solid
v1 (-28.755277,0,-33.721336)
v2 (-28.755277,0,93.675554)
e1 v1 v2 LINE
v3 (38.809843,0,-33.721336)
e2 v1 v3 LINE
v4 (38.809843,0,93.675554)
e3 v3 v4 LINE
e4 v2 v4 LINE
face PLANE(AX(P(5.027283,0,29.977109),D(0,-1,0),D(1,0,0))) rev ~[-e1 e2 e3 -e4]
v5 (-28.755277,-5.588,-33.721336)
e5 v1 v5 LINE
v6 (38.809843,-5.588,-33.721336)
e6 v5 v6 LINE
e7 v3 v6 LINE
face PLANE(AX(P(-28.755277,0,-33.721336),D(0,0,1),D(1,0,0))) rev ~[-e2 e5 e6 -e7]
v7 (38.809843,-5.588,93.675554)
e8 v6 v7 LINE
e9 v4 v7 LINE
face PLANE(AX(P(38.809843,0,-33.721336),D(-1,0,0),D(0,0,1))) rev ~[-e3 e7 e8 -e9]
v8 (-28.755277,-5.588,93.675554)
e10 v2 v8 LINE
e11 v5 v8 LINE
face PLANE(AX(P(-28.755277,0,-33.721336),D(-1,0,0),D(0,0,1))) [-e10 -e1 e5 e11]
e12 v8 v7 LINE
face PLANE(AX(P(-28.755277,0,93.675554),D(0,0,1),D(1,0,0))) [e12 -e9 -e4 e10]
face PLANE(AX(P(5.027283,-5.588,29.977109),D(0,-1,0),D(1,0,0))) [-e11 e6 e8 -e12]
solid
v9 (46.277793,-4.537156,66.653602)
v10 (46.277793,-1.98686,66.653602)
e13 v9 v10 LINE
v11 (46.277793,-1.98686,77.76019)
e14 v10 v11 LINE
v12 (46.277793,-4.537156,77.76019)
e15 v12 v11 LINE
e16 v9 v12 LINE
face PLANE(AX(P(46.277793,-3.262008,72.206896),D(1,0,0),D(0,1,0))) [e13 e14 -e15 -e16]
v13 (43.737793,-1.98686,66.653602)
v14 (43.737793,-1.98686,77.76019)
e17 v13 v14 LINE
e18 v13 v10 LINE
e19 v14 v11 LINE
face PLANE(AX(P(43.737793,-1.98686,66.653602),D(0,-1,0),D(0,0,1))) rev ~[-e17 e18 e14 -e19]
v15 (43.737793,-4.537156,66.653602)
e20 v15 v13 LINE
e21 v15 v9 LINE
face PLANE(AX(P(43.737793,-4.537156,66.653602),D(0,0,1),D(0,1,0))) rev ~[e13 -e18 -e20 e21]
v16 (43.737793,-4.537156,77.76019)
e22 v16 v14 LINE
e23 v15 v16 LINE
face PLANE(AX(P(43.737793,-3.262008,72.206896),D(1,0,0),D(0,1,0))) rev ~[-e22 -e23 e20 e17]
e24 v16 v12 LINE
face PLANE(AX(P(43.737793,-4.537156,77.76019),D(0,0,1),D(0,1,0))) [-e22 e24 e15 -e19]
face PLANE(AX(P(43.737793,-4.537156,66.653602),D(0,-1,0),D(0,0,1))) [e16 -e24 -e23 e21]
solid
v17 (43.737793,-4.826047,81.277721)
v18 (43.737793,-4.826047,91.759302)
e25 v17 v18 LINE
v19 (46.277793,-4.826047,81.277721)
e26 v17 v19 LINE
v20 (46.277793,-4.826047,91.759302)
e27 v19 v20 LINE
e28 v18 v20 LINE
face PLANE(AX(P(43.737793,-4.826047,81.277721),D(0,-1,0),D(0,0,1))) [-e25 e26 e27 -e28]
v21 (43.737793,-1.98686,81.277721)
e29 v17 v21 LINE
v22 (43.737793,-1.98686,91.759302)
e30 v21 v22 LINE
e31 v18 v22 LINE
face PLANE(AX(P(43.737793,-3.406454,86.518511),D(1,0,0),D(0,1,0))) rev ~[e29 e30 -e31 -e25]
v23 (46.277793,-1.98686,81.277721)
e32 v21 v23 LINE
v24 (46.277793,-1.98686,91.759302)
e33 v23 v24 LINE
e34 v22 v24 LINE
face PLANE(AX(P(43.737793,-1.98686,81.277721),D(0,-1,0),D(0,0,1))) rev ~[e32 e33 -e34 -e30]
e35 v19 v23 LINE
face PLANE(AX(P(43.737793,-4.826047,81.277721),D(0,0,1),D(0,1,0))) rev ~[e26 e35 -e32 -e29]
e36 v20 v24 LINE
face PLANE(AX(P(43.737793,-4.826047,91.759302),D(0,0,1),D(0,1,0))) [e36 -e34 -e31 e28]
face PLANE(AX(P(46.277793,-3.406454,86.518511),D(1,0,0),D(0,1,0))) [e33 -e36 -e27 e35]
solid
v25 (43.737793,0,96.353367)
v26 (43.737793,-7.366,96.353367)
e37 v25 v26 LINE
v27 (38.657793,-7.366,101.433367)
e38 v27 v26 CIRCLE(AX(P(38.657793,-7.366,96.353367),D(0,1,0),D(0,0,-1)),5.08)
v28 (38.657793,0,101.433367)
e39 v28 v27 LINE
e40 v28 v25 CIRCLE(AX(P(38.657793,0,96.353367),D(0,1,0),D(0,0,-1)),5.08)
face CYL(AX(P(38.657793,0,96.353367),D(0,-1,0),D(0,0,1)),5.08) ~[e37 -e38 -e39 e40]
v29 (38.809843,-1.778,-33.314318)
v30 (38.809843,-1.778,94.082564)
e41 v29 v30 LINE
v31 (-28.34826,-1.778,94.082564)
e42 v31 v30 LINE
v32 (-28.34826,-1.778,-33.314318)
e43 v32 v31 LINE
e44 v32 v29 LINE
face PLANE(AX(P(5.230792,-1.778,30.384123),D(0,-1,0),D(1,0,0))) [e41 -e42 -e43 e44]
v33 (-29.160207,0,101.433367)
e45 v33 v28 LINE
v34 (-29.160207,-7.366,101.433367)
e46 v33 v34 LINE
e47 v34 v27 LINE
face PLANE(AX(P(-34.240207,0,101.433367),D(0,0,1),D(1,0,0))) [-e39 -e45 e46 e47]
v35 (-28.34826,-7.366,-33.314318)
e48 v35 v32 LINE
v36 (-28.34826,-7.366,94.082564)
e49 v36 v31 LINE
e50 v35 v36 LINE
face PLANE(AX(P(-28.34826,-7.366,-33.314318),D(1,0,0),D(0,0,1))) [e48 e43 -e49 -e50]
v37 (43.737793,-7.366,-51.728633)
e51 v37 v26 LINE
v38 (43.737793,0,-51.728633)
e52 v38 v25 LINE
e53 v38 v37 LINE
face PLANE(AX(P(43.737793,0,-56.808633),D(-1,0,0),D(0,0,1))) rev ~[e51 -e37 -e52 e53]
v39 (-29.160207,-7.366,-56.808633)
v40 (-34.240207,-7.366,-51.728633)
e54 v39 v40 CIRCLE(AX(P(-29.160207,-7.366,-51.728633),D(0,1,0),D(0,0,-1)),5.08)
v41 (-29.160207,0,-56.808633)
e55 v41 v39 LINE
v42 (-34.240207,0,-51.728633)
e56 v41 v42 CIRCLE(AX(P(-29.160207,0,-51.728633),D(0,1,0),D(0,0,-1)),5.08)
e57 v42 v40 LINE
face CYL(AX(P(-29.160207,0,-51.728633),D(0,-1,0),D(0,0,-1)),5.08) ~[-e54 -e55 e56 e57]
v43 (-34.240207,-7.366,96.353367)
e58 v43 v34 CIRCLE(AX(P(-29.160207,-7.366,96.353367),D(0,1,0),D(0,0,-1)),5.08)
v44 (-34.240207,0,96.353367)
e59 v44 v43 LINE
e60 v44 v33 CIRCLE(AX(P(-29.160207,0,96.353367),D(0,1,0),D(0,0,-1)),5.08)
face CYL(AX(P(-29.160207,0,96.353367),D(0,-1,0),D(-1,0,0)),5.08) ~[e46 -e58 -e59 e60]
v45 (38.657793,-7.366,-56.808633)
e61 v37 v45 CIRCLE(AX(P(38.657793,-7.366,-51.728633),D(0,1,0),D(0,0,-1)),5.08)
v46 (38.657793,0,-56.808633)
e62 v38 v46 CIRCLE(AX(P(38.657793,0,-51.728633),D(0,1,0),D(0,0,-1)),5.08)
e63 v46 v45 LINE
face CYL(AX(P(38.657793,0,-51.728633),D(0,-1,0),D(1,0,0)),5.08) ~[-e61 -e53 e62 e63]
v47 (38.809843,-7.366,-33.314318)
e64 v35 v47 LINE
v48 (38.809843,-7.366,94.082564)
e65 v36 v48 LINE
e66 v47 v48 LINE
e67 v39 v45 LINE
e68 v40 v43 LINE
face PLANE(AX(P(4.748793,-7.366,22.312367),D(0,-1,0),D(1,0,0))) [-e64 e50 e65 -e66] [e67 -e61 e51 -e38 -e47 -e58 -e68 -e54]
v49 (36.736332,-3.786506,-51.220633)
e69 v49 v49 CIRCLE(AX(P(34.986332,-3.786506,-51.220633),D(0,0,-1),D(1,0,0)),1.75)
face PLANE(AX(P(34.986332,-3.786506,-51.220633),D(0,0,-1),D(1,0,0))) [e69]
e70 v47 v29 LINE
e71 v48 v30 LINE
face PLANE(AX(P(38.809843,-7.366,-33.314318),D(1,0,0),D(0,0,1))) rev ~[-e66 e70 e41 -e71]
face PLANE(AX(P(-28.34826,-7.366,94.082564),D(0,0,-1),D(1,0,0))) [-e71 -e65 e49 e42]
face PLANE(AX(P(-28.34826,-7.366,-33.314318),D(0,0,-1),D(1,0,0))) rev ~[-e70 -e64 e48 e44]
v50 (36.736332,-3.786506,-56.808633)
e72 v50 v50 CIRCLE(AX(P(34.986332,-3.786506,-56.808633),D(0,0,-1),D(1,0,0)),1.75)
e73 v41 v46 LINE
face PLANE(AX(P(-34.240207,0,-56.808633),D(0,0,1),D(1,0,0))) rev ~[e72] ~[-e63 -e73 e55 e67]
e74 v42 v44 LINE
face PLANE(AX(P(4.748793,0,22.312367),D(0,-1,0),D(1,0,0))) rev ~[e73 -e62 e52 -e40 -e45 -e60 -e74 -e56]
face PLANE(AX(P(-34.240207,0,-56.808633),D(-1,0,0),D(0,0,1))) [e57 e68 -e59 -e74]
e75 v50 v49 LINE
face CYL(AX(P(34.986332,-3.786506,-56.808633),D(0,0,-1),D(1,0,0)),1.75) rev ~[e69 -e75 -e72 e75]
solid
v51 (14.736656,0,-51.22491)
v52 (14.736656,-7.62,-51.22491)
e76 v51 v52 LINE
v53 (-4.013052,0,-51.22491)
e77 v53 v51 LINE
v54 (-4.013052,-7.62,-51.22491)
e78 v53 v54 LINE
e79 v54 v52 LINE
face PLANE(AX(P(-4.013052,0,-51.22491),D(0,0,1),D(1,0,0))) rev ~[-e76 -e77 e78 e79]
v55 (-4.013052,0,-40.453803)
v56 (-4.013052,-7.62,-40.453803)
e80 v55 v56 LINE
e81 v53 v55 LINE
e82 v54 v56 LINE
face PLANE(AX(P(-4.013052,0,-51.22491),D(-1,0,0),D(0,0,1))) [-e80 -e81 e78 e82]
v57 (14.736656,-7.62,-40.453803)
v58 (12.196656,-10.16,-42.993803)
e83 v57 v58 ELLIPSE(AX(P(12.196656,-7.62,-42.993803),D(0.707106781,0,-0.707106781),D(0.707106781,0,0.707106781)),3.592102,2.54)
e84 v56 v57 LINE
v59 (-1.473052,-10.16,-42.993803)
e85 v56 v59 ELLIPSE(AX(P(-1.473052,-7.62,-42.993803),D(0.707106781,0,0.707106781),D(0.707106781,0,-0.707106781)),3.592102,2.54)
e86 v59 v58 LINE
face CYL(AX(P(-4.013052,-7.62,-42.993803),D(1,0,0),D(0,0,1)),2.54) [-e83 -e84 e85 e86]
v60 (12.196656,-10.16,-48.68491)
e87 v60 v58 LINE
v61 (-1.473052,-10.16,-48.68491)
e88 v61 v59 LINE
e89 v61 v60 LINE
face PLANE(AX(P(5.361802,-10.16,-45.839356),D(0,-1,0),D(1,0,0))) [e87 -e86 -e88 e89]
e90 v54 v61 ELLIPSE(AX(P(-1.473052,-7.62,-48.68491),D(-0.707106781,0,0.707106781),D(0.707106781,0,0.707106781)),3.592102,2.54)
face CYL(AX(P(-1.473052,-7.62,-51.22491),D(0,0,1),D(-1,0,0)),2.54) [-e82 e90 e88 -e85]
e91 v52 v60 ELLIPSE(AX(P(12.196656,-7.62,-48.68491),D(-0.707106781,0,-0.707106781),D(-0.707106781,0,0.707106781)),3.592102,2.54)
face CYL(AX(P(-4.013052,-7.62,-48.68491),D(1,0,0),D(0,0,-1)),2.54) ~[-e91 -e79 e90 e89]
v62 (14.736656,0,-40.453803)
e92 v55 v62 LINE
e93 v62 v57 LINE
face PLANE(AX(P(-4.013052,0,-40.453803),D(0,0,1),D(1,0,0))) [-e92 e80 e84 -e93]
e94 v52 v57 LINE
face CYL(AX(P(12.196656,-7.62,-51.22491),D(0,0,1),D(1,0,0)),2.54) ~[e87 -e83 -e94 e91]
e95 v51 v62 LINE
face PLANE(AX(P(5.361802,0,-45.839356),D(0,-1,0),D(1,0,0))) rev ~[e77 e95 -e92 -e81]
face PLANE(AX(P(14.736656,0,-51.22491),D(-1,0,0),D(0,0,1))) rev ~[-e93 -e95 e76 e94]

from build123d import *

# Parameters (mm, degrees)
F0_W      = 77.978
F0_H      = 158.242
F1_DEPTH  = 7.366
F2_W      = 67.158103
F2_H      = 127.396881
F3_DEPTH  = 5.588
F4_W      = 67.56512
F4_H      = 127.396889
F5_DEPTH  = 5.588
F6_R      = 5.08
F7_R      = 5.08
F8_R      = 5.08
F9_R      = 5.08
F10_R     = 1.75
F11_DEPTH = 5.588
F12_W     = 2.839187
F12_H     = 10.481581
F12_W_2   = 2.550296
F12_H_2   = 11.106588
F13_DEPTH = 2.54
F14_W     = 18.749708
F14_H     = 10.771107
F15_DEPTH = 10.16
F16_R     = 2.54


with BuildPart() as f1:
    # F0 (on Front) → F1 (new body)
    with BuildSketch(Plane.XZ):
        with Locations((4.748793, 22.312367)):
            Rectangle(F0_W, F0_H)
    extrude(amount=F1_DEPTH)

    # F2 (on face) → F3 (cut)
    with BuildSketch(Plane.XZ.offset(7.366)):
        with Locations((5.230792, 30.384123)):
            Rectangle(F2_W, F2_H)
    extrude(amount=-F3_DEPTH, mode=Mode.SUBTRACT)

    # F6
    f6_edges = [f1.edges().sort_by_distance(p)[0] for p in [
        (-34.240207, -3.683, 101.433367),
    ]]
    fillet(f6_edges, radius=F6_R)

    # F7
    f7_edges = [f1.edges().sort_by_distance(p)[0] for p in [
        (43.737793, -3.683, 101.433367),
    ]]
    fillet(f7_edges, radius=F7_R)

    # F8
    f8_edges = [f1.edges().sort_by_distance(p)[0] for p in [
        (43.737793, -3.683, -56.808633),
    ]]
    fillet(f8_edges, radius=F8_R)

    # F9
    f9_edges = [f1.edges().sort_by_distance(p)[0] for p in [
        (-34.240207, -3.683, -56.808633),
    ]]
    fillet(f9_edges, radius=F9_R)

    # F10 (on face) → F11 (cut)
    with BuildSketch(Plane(origin=(0, 0, -56.808633), x_dir=(1, 0, 0), z_dir=(0, 0, -1))):
        with Locations((34.986332, 3.786506)):
            Circle(F10_R)
    extrude(amount=-F11_DEPTH, mode=Mode.SUBTRACT)


with BuildPart() as f5:
    # F4 (on Front) → F5 (new body)
    with BuildSketch(Plane.XZ):
        with Locations((5.027283, 29.977109)):
            Rectangle(F4_W, F4_H)
    extrude(amount=F5_DEPTH)


with BuildPart() as f13:
    # F12 (on face) → F13 (new body)
    with BuildSketch(Plane.YZ.offset(43.737793)):
        with Locations((-3.406454, 86.518511)):
            Rectangle(F12_W, F12_H)
        with Locations((-3.262008, 72.206896)):
            Rectangle(F12_W_2, F12_H_2)
    extrude(amount=F13_DEPTH)


with BuildPart() as f15:
    # F14 (on Front) → F15 (new body)
    with BuildSketch(Plane.XZ):
        with Locations((5.361802, -45.839356)):
            Rectangle(F14_W, F14_H)
    extrude(amount=F15_DEPTH)

    # F16
    f16_edges = [f15.edges().sort_by_distance(p)[0] for p in [
        (5.361802, -10.16, -40.453803),
        (-4.013052, -10.16, -45.839356),
        (14.736656, -10.16, -45.839356),
        (5.361802, -10.16, -51.22491),
    ]]
    fillet(f16_edges, radius=F16_R)


solid = Compound([f1.part, f5.part, f13.part, f15.part])
